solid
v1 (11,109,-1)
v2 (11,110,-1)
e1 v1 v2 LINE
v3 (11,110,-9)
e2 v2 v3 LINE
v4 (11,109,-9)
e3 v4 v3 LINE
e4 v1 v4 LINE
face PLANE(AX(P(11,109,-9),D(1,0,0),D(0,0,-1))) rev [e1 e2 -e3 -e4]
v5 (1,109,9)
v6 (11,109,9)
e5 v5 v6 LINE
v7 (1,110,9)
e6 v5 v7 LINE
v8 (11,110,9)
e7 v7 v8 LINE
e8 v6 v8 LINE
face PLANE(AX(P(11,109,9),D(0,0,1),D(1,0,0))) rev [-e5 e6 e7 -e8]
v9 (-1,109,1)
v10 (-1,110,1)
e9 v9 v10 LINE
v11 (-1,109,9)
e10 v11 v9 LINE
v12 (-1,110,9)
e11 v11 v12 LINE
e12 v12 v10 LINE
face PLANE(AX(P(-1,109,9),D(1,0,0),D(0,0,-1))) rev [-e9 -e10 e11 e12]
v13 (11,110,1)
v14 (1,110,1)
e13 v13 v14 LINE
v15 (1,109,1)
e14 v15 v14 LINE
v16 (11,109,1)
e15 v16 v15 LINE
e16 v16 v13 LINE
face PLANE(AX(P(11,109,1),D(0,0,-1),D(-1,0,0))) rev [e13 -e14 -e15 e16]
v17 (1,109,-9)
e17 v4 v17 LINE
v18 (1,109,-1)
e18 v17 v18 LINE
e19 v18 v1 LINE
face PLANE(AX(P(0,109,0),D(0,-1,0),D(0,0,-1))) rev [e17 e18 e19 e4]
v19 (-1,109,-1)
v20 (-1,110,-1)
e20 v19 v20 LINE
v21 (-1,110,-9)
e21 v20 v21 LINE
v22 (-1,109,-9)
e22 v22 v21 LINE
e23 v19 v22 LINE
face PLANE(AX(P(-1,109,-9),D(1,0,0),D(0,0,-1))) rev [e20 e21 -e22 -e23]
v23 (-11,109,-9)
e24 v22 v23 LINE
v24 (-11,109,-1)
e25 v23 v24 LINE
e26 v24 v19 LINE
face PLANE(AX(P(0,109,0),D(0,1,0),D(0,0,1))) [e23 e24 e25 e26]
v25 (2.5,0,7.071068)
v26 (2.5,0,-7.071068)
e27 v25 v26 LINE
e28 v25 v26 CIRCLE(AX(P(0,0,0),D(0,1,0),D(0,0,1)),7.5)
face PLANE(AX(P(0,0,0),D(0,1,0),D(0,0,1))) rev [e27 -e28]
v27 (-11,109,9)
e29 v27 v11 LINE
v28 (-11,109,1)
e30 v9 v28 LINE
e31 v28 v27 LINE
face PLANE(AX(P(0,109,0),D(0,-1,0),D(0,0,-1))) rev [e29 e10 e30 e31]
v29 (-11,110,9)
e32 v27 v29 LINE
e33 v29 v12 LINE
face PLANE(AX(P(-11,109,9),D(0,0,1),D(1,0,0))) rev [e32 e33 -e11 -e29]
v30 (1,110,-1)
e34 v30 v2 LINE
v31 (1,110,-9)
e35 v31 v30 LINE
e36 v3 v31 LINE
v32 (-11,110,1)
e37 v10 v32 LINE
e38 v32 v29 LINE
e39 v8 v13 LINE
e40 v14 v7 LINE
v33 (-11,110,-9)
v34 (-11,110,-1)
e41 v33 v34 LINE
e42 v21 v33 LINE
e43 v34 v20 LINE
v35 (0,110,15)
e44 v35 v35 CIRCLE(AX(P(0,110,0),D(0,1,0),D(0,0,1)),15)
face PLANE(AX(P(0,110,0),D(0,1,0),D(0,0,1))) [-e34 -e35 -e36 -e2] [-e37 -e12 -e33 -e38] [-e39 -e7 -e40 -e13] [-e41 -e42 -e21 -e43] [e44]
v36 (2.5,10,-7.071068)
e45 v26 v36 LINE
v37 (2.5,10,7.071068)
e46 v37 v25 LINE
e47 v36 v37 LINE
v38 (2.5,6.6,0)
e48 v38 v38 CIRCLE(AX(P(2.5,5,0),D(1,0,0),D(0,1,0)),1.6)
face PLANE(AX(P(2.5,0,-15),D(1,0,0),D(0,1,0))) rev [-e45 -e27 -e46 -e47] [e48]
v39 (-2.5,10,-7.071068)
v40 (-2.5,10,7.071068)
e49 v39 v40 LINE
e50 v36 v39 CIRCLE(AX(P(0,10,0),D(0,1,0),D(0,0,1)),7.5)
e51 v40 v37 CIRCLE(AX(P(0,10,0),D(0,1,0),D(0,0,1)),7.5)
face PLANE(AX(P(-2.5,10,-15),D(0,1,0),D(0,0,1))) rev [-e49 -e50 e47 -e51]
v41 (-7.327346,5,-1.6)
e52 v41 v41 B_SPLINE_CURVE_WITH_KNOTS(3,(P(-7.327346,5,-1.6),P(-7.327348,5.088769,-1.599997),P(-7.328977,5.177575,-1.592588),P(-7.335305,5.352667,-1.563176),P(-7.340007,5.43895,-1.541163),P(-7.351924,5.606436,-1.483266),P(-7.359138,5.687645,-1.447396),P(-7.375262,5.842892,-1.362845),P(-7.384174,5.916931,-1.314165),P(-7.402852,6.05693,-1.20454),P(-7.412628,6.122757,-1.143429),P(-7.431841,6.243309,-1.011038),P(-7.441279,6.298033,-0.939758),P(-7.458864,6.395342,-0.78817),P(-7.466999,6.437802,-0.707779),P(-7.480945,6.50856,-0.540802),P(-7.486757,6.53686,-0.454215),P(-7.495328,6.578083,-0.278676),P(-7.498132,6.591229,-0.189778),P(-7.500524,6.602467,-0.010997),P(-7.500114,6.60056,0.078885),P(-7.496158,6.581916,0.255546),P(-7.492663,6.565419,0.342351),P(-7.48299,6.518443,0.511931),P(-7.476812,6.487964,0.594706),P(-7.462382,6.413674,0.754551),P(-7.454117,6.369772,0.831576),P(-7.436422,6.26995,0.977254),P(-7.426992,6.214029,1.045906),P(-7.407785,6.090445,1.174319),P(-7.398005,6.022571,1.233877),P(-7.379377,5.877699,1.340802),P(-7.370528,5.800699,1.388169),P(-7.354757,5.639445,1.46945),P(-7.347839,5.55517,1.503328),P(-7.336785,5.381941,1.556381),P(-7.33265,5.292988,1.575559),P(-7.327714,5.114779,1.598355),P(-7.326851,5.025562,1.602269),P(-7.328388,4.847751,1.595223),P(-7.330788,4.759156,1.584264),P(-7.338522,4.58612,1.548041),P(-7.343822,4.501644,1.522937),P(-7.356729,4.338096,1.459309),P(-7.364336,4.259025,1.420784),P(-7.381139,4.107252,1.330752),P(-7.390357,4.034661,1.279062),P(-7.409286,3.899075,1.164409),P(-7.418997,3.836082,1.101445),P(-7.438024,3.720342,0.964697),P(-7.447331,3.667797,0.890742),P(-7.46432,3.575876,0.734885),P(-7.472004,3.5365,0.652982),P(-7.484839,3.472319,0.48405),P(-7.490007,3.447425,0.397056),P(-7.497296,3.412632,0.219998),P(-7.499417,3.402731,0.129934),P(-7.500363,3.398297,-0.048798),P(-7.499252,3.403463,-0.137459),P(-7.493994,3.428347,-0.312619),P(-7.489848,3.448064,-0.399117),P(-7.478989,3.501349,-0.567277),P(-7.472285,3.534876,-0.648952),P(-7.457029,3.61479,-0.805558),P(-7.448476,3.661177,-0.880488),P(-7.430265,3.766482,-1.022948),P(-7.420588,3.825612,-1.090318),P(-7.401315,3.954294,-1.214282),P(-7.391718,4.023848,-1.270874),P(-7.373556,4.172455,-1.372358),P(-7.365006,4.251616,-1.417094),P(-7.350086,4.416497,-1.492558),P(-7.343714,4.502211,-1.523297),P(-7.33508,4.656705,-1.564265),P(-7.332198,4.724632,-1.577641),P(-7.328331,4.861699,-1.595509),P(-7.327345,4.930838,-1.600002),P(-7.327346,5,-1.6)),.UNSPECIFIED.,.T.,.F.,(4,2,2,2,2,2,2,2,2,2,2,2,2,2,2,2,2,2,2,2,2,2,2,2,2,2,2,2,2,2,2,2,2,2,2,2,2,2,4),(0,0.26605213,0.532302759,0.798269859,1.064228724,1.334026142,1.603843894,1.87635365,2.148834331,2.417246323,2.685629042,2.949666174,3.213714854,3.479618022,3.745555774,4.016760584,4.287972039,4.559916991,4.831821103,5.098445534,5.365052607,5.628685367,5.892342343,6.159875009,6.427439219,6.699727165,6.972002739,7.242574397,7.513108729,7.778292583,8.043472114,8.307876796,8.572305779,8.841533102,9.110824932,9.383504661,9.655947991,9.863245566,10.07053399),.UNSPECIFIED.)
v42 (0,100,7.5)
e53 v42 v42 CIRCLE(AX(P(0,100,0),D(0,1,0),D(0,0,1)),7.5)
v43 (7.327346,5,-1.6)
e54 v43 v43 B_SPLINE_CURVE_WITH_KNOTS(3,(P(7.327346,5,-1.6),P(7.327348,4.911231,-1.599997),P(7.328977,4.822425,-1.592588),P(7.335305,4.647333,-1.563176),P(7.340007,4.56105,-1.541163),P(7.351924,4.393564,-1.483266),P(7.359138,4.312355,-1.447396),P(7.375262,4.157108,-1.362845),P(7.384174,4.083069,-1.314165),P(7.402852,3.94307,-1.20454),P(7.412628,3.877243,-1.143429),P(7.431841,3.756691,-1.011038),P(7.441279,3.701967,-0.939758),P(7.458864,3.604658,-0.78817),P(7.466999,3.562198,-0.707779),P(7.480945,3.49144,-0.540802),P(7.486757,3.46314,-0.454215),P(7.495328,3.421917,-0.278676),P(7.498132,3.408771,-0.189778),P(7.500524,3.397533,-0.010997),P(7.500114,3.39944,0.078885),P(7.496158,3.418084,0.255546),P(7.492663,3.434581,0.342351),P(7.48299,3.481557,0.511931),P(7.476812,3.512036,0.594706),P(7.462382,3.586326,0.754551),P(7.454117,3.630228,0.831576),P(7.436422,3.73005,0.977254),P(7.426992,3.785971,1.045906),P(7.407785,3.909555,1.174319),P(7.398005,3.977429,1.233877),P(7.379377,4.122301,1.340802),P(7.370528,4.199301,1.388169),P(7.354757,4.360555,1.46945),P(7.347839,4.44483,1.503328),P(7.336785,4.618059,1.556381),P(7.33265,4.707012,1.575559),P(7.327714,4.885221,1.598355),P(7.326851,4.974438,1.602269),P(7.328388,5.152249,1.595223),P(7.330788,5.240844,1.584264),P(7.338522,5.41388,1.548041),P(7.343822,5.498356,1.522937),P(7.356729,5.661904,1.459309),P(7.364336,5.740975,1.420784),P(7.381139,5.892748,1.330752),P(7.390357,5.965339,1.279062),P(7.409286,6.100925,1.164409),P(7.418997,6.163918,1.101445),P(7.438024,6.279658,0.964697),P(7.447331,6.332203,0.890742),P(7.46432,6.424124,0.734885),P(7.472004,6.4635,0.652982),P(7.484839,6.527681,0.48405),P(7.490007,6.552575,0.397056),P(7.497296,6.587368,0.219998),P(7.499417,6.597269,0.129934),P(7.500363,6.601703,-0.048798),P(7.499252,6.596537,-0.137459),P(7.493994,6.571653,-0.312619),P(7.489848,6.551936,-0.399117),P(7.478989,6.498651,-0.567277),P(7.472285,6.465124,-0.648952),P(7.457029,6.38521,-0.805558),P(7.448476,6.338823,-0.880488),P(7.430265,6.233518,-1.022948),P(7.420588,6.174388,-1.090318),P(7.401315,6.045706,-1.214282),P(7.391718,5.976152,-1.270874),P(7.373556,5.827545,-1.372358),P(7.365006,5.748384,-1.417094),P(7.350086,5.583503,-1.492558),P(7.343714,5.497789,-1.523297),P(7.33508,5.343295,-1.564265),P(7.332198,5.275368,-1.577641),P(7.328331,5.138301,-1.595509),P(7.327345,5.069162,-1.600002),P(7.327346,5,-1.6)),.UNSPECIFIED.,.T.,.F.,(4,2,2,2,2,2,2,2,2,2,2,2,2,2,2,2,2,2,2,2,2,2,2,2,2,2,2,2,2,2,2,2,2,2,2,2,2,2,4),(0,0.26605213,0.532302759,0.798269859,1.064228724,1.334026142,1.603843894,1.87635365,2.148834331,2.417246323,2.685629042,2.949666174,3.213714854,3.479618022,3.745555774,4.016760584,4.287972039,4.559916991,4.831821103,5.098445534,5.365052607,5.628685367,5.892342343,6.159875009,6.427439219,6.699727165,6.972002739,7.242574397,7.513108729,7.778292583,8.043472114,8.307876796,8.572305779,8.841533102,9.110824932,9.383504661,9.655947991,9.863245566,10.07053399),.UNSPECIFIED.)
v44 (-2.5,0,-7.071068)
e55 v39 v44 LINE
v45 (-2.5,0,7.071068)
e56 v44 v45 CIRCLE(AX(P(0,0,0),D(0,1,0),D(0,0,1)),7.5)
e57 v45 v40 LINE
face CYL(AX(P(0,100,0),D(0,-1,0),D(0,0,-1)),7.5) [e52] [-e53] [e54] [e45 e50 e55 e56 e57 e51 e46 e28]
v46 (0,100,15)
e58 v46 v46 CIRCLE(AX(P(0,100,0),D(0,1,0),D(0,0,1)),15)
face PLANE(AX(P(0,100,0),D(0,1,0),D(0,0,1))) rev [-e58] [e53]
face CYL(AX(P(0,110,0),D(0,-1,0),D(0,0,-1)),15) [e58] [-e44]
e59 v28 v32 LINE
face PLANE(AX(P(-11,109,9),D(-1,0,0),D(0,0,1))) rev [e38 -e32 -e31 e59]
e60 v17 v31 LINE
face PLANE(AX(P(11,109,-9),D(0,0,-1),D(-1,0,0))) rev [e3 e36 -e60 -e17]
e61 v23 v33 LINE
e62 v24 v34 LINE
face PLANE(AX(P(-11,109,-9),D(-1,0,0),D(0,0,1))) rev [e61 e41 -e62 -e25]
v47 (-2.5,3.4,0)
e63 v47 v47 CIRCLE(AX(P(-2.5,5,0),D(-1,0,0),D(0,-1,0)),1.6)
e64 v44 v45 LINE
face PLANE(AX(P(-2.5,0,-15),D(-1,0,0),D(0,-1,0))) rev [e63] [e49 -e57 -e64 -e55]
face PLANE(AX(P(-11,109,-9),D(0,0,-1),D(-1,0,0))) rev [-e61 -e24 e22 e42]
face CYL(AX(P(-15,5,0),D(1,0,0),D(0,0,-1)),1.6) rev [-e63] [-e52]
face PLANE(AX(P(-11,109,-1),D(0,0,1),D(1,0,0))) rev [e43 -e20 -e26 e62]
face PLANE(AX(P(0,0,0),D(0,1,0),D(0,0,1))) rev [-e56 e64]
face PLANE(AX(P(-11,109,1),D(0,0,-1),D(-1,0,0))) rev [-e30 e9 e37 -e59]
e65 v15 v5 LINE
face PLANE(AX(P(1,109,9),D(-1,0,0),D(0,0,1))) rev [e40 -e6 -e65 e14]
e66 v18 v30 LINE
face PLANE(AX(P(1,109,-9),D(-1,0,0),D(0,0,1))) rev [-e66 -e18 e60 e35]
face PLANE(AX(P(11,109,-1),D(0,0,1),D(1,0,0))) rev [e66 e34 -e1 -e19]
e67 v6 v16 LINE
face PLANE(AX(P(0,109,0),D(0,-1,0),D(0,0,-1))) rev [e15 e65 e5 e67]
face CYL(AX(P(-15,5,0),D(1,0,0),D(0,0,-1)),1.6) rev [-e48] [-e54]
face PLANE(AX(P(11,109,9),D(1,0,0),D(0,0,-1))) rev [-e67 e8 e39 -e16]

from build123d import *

# Parameters (mm, degrees)
SKETCH_1_R               = 7.5
EXTRUDE_1_DEPTH          = 100
SKETCH_2_R               = 15
EXTRUDE_2_DEPTH          = 10
CUT_EXTRUDE_1_DEPTH      = 113.026782512
CUT_EXTRUDE_1_DEPTH_BACK = 113.026782512
SKETCH_3_W               = 5
SKETCH_3_H               = 10
CUT_EXTRUDE_2_DEPTH      = 113.026782512
CUT_EXTRUDE_2_DEPTH_BACK = 113.026782512
SKETCH_4_R               = 1.6
SKETCH_5_W               = 10
SKETCH_5_H               = 8
CUT_EXTRUDE_3_DEPTH      = 1


with BuildPart() as part:
    # ｽｹｯﾁ1 → ﾎﾞｽ - 押し出し1 (new body)
    with BuildSketch(Plane(origin=(0, 0, 0), x_dir=(1, 0, 0), z_dir=(0, 1, 0))):
        with Locations(Location((0, 0, 0), (0, 0, 270))):
            Circle(SKETCH_1_R)
    extrude(amount=EXTRUDE_1_DEPTH)

    # ｽｹｯﾁ2 → ﾎﾞｽ - 押し出し2 (add)
    with BuildSketch(Plane(origin=(0, 100, 0), x_dir=(1, 0, 0), z_dir=(0, 1, 0))):
        with Locations(Location((0, 0, 0), (0, 0, 270))):
            Circle(SKETCH_2_R)
    extrude(amount=EXTRUDE_2_DEPTH)

    # ｽｹｯﾁ3 → ｶｯﾄ - 押し出し1 (cut, two sides: drawn at the far end of the back side and taken through both)
    with BuildSketch(Plane.XY.offset(-CUT_EXTRUDE_1_DEPTH_BACK)):
        with Locations((0, 5)):
            Rectangle(SKETCH_3_W, SKETCH_3_H)
    extrude(amount=CUT_EXTRUDE_1_DEPTH + CUT_EXTRUDE_1_DEPTH_BACK, mode=Mode.SUBTRACT)

    # ｽｹｯﾁ4 → ｶｯﾄ - 押し出し2 (cut, two sides: drawn at the far end of the back side and taken through both)
    with BuildSketch(Plane(origin=(0, 0, 0), x_dir=(0, 0, -1), z_dir=(1, 0, 0)).offset(-CUT_EXTRUDE_2_DEPTH_BACK)):
        with Locations((0, 5)):
            Circle(SKETCH_4_R)
    extrude(amount=CUT_EXTRUDE_2_DEPTH + CUT_EXTRUDE_2_DEPTH_BACK, mode=Mode.SUBTRACT)

    # ｽｹｯﾁ5 → ｶｯﾄ - 押し出し3 (cut)
    with BuildSketch(Plane(origin=(0, 110, 0), x_dir=(1, 0, 0), z_dir=(0, 1, 0))):
        with Locations((-6, 5)):
            Rectangle(SKETCH_5_W, SKETCH_5_H)
        with Locations((6, 5)):
            Rectangle(SKETCH_5_W, SKETCH_5_H)
        with Locations((6, -5)):
            Rectangle(SKETCH_5_W, SKETCH_5_H)
        with Locations((-6, -5)):
            Rectangle(SKETCH_5_W, SKETCH_5_H)
    extrude(amount=-CUT_EXTRUDE_3_DEPTH, mode=Mode.SUBTRACT)


solid = part.part
